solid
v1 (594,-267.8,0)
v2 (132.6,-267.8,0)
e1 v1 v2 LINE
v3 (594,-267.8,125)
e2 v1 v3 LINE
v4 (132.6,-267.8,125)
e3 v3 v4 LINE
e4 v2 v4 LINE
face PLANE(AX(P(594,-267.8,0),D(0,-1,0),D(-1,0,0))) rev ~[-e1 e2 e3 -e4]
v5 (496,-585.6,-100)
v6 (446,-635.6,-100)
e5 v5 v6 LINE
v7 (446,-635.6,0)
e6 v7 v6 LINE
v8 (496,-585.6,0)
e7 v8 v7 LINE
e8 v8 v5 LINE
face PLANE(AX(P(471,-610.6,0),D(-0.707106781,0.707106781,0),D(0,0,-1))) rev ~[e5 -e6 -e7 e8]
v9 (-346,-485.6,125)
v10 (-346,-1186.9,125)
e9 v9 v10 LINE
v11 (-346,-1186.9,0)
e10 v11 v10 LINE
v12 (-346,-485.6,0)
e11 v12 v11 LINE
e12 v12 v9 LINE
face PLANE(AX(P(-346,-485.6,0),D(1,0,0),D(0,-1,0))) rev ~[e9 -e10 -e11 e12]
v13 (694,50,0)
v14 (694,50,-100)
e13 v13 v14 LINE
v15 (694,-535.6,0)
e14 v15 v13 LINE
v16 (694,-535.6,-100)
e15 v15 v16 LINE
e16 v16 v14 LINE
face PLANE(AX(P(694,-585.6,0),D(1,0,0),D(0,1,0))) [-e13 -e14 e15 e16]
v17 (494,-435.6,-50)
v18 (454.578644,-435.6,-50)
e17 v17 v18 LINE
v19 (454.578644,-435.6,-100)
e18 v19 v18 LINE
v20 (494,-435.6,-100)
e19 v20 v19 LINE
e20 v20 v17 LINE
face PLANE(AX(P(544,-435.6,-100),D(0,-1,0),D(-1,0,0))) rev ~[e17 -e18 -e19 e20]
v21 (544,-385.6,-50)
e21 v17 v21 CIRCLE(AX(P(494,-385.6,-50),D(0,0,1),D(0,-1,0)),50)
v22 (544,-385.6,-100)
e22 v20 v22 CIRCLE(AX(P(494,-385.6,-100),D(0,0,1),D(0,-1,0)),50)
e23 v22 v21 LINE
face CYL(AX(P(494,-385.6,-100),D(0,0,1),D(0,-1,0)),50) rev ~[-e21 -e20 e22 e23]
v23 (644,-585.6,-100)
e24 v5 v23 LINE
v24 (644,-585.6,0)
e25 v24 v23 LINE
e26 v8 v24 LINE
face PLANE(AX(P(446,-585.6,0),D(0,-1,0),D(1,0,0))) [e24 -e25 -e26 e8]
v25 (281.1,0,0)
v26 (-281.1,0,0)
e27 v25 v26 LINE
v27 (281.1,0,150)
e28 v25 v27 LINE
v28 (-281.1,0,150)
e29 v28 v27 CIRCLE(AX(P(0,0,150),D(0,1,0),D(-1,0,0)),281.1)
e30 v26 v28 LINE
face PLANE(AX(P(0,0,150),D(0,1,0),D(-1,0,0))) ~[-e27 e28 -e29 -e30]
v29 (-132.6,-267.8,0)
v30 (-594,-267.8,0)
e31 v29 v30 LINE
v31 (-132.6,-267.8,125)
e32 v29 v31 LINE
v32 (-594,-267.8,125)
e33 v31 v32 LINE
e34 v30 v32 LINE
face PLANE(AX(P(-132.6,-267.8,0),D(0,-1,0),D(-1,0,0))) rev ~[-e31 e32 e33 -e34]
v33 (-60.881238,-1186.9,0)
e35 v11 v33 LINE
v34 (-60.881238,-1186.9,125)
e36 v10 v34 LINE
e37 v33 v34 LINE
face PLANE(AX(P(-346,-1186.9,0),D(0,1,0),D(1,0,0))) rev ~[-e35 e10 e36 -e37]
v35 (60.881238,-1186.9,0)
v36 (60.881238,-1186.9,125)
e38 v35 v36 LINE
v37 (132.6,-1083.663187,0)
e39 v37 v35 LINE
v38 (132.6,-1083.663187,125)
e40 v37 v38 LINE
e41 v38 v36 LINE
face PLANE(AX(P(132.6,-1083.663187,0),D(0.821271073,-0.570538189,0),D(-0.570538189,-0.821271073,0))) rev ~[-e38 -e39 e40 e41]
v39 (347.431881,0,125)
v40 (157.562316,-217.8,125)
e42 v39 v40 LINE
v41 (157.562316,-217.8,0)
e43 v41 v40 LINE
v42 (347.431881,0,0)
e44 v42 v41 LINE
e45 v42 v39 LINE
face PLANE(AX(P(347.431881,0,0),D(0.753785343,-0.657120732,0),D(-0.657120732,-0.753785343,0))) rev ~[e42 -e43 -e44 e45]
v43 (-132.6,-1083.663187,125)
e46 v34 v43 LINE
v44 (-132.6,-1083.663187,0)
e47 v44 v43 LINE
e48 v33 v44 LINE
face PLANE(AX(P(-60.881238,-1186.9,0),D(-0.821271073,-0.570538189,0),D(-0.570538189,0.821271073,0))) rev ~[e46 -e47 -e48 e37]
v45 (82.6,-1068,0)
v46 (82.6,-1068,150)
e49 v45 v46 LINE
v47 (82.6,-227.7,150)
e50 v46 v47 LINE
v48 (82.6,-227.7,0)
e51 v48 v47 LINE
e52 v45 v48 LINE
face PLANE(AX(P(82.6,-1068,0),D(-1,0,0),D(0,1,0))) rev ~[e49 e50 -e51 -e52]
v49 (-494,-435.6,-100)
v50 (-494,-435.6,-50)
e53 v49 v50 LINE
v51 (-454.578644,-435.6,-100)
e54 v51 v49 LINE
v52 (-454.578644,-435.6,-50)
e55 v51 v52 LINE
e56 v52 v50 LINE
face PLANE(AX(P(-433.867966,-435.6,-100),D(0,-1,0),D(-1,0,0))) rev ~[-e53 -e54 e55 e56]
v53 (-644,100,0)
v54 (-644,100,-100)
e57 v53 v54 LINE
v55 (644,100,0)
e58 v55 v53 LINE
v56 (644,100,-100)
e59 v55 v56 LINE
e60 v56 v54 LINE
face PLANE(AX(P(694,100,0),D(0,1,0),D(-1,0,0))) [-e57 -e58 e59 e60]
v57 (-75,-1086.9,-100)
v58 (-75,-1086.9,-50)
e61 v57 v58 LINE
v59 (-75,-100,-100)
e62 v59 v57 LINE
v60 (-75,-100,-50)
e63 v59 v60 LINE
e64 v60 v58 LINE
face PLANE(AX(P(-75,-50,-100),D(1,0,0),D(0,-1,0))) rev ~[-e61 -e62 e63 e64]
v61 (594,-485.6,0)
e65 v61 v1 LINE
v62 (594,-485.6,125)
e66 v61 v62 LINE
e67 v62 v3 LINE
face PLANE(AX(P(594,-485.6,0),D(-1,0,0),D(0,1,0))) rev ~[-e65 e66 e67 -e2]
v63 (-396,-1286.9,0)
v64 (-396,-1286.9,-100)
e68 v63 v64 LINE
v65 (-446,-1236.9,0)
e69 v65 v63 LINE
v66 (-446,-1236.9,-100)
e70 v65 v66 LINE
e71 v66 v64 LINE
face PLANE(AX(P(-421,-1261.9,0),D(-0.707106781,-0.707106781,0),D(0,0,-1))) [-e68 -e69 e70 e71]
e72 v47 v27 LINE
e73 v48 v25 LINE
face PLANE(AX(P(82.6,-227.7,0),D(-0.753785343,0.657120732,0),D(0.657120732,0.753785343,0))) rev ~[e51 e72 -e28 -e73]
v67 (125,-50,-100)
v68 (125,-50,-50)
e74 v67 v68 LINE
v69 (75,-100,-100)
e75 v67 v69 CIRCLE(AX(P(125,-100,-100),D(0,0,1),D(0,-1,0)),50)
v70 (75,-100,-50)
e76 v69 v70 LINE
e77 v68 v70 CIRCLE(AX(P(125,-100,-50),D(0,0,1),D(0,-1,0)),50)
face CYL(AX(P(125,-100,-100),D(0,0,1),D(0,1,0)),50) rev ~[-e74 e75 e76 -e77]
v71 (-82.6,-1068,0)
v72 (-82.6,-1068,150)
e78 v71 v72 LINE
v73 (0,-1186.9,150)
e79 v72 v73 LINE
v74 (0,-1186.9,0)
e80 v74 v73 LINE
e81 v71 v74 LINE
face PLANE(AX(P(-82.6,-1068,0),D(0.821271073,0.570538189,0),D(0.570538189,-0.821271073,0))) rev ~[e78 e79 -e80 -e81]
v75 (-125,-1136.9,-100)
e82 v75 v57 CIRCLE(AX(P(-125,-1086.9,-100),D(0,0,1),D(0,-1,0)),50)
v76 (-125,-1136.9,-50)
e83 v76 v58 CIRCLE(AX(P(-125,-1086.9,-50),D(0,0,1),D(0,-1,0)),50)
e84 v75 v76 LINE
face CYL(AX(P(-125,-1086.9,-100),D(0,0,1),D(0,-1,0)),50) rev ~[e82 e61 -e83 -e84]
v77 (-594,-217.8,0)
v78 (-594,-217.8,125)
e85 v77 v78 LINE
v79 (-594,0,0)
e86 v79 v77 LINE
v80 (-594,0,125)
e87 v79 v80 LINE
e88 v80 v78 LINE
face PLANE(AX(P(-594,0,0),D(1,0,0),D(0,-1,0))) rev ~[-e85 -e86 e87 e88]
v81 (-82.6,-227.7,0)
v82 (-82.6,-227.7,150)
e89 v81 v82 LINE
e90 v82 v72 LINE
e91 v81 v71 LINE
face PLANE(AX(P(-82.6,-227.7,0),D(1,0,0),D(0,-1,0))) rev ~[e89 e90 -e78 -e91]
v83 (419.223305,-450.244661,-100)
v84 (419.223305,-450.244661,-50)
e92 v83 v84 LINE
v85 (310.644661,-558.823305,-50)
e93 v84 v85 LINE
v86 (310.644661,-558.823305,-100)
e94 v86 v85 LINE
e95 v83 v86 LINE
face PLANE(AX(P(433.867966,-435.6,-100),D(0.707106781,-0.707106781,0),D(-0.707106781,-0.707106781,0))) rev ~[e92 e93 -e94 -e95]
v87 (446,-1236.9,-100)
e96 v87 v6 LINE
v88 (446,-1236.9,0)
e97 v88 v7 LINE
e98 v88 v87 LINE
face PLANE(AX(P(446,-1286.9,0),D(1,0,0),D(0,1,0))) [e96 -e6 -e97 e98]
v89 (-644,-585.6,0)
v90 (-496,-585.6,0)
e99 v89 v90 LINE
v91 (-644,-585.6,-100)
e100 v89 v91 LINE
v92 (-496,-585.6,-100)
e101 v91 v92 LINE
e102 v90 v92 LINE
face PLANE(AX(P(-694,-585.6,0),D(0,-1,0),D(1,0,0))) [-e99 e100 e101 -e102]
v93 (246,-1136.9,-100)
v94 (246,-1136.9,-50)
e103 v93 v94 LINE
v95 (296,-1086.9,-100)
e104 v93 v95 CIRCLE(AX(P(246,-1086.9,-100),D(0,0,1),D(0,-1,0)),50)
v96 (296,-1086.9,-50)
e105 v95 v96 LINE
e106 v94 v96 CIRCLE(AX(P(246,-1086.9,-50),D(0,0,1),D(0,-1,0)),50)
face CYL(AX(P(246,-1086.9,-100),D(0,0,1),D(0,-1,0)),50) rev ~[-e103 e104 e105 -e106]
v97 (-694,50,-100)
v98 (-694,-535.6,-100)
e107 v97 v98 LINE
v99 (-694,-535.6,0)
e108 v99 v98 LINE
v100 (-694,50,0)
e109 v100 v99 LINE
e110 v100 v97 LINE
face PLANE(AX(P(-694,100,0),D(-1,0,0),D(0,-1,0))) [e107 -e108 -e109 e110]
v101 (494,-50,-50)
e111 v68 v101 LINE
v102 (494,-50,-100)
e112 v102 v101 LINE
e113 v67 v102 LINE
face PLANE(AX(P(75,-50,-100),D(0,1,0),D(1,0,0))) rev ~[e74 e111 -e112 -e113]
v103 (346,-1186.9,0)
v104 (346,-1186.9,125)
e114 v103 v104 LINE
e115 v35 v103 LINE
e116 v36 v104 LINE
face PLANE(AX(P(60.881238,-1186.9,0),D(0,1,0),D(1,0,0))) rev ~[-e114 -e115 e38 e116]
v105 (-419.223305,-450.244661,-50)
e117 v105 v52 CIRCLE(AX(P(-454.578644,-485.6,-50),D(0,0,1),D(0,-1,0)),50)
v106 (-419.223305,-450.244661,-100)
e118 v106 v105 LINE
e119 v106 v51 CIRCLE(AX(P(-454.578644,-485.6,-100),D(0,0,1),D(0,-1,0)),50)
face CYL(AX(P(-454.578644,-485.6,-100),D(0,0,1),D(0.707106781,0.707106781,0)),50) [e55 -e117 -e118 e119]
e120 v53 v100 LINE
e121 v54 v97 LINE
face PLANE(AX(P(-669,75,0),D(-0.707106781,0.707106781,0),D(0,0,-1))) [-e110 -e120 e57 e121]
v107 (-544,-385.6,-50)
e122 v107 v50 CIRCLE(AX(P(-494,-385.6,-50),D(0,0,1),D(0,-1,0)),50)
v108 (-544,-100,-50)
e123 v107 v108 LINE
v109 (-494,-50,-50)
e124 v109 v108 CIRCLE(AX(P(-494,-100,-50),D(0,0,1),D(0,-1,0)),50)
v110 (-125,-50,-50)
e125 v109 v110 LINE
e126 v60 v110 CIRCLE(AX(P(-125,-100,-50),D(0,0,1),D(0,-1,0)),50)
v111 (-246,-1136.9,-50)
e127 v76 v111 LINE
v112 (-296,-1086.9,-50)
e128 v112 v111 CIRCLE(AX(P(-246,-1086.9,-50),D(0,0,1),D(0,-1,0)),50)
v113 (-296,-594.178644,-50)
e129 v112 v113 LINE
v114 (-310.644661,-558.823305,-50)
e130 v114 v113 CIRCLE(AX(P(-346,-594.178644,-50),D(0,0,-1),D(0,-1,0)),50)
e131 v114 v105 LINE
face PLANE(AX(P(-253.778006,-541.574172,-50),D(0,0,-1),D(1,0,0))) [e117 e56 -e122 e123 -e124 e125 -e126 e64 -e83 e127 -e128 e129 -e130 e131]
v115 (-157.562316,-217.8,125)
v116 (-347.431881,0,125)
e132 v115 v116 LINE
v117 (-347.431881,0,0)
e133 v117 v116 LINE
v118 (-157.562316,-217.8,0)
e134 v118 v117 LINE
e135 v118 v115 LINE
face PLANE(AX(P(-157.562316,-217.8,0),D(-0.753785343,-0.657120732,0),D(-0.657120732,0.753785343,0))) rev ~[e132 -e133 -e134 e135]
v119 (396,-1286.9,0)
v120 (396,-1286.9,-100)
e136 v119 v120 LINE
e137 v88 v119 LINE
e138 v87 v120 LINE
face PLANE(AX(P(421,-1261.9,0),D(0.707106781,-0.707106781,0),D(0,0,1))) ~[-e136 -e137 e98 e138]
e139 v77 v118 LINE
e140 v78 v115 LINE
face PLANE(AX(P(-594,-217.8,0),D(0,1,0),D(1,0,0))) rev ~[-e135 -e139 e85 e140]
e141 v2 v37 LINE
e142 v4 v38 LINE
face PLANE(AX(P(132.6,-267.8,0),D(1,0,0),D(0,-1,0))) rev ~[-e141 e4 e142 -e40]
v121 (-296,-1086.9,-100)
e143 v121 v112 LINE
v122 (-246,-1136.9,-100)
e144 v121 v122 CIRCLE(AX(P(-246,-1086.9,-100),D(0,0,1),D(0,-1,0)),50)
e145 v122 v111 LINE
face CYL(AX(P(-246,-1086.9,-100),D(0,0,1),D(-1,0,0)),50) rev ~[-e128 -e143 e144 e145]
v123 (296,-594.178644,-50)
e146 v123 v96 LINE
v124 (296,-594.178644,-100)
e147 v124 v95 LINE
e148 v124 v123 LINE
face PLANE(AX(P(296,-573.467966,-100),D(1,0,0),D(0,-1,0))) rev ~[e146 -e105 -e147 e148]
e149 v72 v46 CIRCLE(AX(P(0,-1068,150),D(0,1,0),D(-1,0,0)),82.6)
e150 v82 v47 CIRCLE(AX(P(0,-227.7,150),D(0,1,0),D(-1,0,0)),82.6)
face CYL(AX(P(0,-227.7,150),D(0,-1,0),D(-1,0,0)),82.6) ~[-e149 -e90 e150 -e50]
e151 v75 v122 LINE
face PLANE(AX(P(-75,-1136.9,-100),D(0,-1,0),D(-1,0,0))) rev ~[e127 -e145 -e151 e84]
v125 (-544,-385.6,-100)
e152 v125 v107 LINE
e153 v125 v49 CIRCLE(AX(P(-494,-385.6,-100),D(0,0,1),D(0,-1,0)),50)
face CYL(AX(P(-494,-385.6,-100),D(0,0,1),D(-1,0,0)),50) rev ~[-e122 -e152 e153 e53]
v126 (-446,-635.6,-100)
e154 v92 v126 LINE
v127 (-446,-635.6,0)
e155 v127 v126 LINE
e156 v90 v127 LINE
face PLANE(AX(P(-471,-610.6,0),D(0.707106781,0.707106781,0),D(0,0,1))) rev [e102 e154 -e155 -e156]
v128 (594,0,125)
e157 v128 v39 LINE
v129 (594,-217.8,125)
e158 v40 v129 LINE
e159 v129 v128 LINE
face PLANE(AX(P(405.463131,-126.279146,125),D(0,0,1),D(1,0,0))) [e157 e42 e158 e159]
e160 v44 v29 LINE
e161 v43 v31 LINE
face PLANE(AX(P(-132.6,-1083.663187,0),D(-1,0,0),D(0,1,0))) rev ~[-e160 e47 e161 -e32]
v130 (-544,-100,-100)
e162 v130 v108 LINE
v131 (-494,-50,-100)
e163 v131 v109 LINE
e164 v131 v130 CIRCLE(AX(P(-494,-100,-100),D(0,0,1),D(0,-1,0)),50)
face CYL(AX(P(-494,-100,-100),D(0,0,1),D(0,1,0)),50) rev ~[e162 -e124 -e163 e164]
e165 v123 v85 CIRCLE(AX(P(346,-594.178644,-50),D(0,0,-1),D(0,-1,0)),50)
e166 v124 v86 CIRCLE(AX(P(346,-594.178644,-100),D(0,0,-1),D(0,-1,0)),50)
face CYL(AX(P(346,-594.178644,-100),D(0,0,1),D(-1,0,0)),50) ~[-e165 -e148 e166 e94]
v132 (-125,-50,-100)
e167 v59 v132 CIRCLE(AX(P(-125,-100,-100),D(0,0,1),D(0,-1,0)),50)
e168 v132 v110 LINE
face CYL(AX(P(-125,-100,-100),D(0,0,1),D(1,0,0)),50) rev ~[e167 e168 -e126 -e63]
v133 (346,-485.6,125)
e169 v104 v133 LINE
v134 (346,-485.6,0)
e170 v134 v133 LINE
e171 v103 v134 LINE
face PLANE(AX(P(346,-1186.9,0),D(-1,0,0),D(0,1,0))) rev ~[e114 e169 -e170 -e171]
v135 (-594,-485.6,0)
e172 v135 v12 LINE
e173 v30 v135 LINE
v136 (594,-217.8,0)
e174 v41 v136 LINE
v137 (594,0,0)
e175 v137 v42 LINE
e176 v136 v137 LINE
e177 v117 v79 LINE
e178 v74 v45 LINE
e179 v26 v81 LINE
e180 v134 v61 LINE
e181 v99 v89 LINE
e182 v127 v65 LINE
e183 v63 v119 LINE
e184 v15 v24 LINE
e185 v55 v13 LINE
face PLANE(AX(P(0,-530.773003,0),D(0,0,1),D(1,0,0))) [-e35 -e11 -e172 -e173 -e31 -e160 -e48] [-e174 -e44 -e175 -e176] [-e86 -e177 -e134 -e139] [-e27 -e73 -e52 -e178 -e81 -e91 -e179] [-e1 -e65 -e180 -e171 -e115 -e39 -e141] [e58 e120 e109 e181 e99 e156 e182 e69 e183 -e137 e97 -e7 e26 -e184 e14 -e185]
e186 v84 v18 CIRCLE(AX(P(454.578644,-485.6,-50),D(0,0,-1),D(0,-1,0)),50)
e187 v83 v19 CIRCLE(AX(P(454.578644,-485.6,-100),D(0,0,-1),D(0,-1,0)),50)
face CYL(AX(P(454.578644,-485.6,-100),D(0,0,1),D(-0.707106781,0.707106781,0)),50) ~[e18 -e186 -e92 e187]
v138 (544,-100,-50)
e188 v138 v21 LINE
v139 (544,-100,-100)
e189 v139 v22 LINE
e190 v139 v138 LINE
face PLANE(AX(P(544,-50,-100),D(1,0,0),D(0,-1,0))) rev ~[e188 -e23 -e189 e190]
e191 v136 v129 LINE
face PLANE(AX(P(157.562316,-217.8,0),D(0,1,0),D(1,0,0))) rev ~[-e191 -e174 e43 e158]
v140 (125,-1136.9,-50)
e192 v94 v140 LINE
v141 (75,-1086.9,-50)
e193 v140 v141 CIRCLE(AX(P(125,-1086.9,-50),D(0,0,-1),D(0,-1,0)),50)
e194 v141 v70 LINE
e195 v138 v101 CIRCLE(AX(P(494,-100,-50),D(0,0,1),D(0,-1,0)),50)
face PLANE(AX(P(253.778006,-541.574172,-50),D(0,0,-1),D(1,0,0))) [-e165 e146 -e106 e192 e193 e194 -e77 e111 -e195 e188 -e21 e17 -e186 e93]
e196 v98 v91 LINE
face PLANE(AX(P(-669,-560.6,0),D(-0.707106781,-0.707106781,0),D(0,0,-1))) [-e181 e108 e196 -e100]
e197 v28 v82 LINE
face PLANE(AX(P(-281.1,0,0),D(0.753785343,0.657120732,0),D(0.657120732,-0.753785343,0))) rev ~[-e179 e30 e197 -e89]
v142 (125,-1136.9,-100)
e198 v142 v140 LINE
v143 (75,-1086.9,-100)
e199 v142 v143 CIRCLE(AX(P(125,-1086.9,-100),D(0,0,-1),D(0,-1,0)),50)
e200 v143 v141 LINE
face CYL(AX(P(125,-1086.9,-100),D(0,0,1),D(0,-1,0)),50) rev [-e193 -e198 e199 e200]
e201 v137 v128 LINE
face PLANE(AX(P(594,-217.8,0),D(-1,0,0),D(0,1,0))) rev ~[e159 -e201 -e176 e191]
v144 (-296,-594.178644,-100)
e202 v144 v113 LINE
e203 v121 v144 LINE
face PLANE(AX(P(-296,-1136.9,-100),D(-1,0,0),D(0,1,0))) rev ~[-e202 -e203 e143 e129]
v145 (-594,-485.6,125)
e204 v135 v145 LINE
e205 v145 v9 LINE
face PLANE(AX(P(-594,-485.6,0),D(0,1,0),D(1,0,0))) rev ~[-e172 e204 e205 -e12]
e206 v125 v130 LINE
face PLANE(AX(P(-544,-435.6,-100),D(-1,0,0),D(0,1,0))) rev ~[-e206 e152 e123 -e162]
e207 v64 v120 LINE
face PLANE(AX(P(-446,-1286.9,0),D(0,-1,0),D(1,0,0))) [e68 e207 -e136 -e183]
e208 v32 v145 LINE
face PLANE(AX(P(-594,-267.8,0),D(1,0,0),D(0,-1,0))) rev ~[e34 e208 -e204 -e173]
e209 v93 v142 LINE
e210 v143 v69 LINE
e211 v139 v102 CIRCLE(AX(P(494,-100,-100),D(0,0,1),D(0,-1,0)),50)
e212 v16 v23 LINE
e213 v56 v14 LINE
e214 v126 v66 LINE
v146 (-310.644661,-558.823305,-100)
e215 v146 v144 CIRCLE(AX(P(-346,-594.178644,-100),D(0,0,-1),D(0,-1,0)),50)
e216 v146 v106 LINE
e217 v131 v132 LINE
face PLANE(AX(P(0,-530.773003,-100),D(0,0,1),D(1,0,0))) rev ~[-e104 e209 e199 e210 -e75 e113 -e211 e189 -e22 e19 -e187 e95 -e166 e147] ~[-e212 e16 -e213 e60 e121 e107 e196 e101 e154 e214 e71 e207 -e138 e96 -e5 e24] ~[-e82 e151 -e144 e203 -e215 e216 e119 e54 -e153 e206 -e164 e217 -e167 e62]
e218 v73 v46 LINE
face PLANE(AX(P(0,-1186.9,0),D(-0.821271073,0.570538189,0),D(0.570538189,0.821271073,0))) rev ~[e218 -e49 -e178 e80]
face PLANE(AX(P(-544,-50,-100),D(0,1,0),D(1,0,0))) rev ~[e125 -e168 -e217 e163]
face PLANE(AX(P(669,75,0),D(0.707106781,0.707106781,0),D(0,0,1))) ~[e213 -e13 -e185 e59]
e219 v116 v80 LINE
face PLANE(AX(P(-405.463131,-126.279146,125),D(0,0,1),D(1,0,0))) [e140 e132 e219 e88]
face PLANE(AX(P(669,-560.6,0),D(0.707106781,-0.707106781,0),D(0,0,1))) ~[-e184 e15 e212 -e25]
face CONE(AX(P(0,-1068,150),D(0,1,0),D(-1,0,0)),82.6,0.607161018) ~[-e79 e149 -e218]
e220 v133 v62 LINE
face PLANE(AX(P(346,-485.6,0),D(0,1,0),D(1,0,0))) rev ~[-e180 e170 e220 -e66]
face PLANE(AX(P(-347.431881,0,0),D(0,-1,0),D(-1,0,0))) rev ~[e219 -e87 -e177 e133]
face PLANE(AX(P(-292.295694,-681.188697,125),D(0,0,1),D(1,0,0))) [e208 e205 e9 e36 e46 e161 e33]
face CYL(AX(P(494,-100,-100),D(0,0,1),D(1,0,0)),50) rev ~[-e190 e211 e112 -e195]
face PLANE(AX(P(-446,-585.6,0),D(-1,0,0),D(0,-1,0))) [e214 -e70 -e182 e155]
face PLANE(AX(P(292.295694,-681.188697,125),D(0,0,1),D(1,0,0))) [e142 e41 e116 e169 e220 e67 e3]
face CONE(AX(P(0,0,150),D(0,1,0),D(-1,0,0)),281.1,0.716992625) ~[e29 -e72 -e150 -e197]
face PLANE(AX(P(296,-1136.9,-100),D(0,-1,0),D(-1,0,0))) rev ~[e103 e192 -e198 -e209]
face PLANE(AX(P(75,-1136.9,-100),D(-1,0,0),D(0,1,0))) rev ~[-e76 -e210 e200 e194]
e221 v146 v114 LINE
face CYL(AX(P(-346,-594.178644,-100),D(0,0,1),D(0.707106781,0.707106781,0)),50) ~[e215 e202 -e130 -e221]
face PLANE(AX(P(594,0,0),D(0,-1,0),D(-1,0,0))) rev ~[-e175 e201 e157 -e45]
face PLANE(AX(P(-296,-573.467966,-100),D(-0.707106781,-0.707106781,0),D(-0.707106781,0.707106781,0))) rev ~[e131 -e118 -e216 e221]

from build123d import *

# Parameters (mm, degrees)
F1_DEPTH = 100
F2_DEPTH = 125
F3_DEPTH = 150
F5_ANGLE = 180
F6_SIZE  = 50
F8_DEPTH = 50
F9_R     = 50


with BuildPart() as f1:
    # F0 (on Top) → F1 (new body)
    with BuildSketch(Plane.XY):
        Polygon((694, 100), (0, 100), (-694, 100), (-694, -585.6), (-446, -585.6), (-446, -1286.9), (0, -1286.9), (446, -1286.9), (446, -585.6), (694, -585.6), align=None)
        Polygon((-594, -485.6), (-594, -267.8), (-132.6, -267.8), (-132.6, -1083.6631870207), (-60.8812384181, -1186.9), (-346, -1186.9), (-346, -485.6), align=None, mode=Mode.SUBTRACT)
        Polygon((132.6, -267.8), (594, -267.8), (594, -485.6), (346, -485.6), (346, -1186.9), (60.8812384181, -1186.9), (132.6, -1083.6631870207), align=None, mode=Mode.SUBTRACT)
        Polygon((-281.1, 0), (0, 0), (281.1, 0), (82.6, -227.7), (82.6, -1068), (0, -1186.9), (-82.6, -1068), (-82.6, -227.7), align=None, mode=Mode.SUBTRACT)
        Polygon((-594, -217.8), (-594, 0), (-347.4318814101, 0), (-157.5623161927, -217.8), align=None, mode=Mode.SUBTRACT)
        Polygon((594, -217.8), (157.5623161927, -217.8), (347.4318814101, 0), (594, 0), align=None, mode=Mode.SUBTRACT)
        Polygon((-347.4318814101, 0), (-594, 0), (-594, -217.8), (-157.5623161927, -217.8), align=None)
        Polygon((-132.6, -267.8), (-594, -267.8), (-594, -485.6), (-346, -485.6), (-346, -1186.9), (-60.8812384181, -1186.9), (-132.6, -1083.6631870207), align=None)
        Polygon((281.1, 0), (0, 0), (0, -1186.9), (82.6, -1068), (82.6, -227.7), align=None)
        Polygon((594, -485.6), (594, -267.8), (132.6, -267.8), (132.6, -1083.6631870207), (60.8812384181, -1186.9), (346, -1186.9), (346, -485.6), align=None)
        Polygon((347.4318814101, 0), (157.5623161927, -217.8), (594, -217.8), (594, 0), align=None)
        Polygon((0, -1186.9), (0, 0), (-281.1, 0), (-82.6, -227.7), (-82.6, -1068), align=None)
    extrude(amount=-F1_DEPTH)

    # F0 (on Top) → F2 (join)
    with BuildSketch(Plane.XY):
        Polygon((-347.4318814101, 0), (-594, 0), (-594, -217.8), (-157.5623161927, -217.8), align=None)
        Polygon((-132.6, -267.8), (-594, -267.8), (-594, -485.6), (-346, -485.6), (-346, -1186.9), (-60.8812384181, -1186.9), (-132.6, -1083.6631870207), align=None)
        Polygon((594, -485.6), (594, -267.8), (132.6, -267.8), (132.6, -1083.6631870207), (60.8812384181, -1186.9), (346, -1186.9), (346, -485.6), align=None)
        Polygon((347.4318814101, 0), (157.5623161927, -217.8), (594, -217.8), (594, 0), align=None)
    extrude(amount=F2_DEPTH)

    # F0 (on Top) → F3 (join)
    with BuildSketch(Plane.XY):
        Polygon((0, -1186.9), (0, 0), (-281.1, 0), (-82.6, -227.7), (-82.6, -1068), align=None)
        Polygon((281.1, 0), (0, 0), (0, -1186.9), (82.6, -1068), (82.6, -227.7), align=None)
    extrude(amount=F3_DEPTH)

    # F4 (on face) → F5 (revolve)
    with BuildSketch(Plane.XY.offset(150)):
        Polygon((0, -1186.9), (0, 0), (-281.1, 0), (-82.6, -227.7), (-82.6, -1068), align=None)
    revolve(axis=Axis((0, -593.45, 150), (0, 1, 0)), revolution_arc=F5_ANGLE)

    # F6
    f6_edges = [f1.edges().sort_by_distance(p)[0] for p in [
        (-694, 100, -50),
        (-694, -585.6, -50),
        (-446, -1286.9, -50),
        (446, -1286.9, -50),
        (-446, -585.6, -50),
        (446, -585.6, -50),
        (694, -585.6, -50),
        (694, 100, -50),
    ]]
    chamfer(f6_edges, length=F6_SIZE)

    # F7 (on face) → F8 (cut)
    with BuildSketch(Plane(origin=(0, 0, -100), x_dir=(1, 0, 0), z_dir=(0, 0, -1))):
        Polygon((-433.867965644, 435.6), (-544, 435.6), (-544, 50), (-75, 50), (-75, 1136.9), (-296, 1136.9), (-296, 573.467965644), align=None)
        Polygon((75, 1136.9), (75, 50), (544, 50), (544, 435.6), (433.867965644, 435.6), (296, 573.467965644), (296, 1136.9), align=None)
    extrude(amount=-F8_DEPTH, mode=Mode.SUBTRACT)

    # F9
    f9_edges = [f1.edges().sort_by_distance(p)[0] for p in [
        (-544, -435.6, -75),
        (-433.867966, -435.6, -75),
        (-296, -573.467966, -75),
        (-296, -1136.9, -75),
        (-75, -1136.9, -75),
        (-75, -50, -75),
        (-544, -50, -75),
        (75, -50, -75),
        (544, -50, -75),
        (544, -435.6, -75),
        (433.867966, -435.6, -75),
        (296, -573.467966, -75),
        (296, -1136.9, -75),
        (75, -1136.9, -75),
    ]]
    fillet(f9_edges, radius=F9_R)


solid = f1.part
